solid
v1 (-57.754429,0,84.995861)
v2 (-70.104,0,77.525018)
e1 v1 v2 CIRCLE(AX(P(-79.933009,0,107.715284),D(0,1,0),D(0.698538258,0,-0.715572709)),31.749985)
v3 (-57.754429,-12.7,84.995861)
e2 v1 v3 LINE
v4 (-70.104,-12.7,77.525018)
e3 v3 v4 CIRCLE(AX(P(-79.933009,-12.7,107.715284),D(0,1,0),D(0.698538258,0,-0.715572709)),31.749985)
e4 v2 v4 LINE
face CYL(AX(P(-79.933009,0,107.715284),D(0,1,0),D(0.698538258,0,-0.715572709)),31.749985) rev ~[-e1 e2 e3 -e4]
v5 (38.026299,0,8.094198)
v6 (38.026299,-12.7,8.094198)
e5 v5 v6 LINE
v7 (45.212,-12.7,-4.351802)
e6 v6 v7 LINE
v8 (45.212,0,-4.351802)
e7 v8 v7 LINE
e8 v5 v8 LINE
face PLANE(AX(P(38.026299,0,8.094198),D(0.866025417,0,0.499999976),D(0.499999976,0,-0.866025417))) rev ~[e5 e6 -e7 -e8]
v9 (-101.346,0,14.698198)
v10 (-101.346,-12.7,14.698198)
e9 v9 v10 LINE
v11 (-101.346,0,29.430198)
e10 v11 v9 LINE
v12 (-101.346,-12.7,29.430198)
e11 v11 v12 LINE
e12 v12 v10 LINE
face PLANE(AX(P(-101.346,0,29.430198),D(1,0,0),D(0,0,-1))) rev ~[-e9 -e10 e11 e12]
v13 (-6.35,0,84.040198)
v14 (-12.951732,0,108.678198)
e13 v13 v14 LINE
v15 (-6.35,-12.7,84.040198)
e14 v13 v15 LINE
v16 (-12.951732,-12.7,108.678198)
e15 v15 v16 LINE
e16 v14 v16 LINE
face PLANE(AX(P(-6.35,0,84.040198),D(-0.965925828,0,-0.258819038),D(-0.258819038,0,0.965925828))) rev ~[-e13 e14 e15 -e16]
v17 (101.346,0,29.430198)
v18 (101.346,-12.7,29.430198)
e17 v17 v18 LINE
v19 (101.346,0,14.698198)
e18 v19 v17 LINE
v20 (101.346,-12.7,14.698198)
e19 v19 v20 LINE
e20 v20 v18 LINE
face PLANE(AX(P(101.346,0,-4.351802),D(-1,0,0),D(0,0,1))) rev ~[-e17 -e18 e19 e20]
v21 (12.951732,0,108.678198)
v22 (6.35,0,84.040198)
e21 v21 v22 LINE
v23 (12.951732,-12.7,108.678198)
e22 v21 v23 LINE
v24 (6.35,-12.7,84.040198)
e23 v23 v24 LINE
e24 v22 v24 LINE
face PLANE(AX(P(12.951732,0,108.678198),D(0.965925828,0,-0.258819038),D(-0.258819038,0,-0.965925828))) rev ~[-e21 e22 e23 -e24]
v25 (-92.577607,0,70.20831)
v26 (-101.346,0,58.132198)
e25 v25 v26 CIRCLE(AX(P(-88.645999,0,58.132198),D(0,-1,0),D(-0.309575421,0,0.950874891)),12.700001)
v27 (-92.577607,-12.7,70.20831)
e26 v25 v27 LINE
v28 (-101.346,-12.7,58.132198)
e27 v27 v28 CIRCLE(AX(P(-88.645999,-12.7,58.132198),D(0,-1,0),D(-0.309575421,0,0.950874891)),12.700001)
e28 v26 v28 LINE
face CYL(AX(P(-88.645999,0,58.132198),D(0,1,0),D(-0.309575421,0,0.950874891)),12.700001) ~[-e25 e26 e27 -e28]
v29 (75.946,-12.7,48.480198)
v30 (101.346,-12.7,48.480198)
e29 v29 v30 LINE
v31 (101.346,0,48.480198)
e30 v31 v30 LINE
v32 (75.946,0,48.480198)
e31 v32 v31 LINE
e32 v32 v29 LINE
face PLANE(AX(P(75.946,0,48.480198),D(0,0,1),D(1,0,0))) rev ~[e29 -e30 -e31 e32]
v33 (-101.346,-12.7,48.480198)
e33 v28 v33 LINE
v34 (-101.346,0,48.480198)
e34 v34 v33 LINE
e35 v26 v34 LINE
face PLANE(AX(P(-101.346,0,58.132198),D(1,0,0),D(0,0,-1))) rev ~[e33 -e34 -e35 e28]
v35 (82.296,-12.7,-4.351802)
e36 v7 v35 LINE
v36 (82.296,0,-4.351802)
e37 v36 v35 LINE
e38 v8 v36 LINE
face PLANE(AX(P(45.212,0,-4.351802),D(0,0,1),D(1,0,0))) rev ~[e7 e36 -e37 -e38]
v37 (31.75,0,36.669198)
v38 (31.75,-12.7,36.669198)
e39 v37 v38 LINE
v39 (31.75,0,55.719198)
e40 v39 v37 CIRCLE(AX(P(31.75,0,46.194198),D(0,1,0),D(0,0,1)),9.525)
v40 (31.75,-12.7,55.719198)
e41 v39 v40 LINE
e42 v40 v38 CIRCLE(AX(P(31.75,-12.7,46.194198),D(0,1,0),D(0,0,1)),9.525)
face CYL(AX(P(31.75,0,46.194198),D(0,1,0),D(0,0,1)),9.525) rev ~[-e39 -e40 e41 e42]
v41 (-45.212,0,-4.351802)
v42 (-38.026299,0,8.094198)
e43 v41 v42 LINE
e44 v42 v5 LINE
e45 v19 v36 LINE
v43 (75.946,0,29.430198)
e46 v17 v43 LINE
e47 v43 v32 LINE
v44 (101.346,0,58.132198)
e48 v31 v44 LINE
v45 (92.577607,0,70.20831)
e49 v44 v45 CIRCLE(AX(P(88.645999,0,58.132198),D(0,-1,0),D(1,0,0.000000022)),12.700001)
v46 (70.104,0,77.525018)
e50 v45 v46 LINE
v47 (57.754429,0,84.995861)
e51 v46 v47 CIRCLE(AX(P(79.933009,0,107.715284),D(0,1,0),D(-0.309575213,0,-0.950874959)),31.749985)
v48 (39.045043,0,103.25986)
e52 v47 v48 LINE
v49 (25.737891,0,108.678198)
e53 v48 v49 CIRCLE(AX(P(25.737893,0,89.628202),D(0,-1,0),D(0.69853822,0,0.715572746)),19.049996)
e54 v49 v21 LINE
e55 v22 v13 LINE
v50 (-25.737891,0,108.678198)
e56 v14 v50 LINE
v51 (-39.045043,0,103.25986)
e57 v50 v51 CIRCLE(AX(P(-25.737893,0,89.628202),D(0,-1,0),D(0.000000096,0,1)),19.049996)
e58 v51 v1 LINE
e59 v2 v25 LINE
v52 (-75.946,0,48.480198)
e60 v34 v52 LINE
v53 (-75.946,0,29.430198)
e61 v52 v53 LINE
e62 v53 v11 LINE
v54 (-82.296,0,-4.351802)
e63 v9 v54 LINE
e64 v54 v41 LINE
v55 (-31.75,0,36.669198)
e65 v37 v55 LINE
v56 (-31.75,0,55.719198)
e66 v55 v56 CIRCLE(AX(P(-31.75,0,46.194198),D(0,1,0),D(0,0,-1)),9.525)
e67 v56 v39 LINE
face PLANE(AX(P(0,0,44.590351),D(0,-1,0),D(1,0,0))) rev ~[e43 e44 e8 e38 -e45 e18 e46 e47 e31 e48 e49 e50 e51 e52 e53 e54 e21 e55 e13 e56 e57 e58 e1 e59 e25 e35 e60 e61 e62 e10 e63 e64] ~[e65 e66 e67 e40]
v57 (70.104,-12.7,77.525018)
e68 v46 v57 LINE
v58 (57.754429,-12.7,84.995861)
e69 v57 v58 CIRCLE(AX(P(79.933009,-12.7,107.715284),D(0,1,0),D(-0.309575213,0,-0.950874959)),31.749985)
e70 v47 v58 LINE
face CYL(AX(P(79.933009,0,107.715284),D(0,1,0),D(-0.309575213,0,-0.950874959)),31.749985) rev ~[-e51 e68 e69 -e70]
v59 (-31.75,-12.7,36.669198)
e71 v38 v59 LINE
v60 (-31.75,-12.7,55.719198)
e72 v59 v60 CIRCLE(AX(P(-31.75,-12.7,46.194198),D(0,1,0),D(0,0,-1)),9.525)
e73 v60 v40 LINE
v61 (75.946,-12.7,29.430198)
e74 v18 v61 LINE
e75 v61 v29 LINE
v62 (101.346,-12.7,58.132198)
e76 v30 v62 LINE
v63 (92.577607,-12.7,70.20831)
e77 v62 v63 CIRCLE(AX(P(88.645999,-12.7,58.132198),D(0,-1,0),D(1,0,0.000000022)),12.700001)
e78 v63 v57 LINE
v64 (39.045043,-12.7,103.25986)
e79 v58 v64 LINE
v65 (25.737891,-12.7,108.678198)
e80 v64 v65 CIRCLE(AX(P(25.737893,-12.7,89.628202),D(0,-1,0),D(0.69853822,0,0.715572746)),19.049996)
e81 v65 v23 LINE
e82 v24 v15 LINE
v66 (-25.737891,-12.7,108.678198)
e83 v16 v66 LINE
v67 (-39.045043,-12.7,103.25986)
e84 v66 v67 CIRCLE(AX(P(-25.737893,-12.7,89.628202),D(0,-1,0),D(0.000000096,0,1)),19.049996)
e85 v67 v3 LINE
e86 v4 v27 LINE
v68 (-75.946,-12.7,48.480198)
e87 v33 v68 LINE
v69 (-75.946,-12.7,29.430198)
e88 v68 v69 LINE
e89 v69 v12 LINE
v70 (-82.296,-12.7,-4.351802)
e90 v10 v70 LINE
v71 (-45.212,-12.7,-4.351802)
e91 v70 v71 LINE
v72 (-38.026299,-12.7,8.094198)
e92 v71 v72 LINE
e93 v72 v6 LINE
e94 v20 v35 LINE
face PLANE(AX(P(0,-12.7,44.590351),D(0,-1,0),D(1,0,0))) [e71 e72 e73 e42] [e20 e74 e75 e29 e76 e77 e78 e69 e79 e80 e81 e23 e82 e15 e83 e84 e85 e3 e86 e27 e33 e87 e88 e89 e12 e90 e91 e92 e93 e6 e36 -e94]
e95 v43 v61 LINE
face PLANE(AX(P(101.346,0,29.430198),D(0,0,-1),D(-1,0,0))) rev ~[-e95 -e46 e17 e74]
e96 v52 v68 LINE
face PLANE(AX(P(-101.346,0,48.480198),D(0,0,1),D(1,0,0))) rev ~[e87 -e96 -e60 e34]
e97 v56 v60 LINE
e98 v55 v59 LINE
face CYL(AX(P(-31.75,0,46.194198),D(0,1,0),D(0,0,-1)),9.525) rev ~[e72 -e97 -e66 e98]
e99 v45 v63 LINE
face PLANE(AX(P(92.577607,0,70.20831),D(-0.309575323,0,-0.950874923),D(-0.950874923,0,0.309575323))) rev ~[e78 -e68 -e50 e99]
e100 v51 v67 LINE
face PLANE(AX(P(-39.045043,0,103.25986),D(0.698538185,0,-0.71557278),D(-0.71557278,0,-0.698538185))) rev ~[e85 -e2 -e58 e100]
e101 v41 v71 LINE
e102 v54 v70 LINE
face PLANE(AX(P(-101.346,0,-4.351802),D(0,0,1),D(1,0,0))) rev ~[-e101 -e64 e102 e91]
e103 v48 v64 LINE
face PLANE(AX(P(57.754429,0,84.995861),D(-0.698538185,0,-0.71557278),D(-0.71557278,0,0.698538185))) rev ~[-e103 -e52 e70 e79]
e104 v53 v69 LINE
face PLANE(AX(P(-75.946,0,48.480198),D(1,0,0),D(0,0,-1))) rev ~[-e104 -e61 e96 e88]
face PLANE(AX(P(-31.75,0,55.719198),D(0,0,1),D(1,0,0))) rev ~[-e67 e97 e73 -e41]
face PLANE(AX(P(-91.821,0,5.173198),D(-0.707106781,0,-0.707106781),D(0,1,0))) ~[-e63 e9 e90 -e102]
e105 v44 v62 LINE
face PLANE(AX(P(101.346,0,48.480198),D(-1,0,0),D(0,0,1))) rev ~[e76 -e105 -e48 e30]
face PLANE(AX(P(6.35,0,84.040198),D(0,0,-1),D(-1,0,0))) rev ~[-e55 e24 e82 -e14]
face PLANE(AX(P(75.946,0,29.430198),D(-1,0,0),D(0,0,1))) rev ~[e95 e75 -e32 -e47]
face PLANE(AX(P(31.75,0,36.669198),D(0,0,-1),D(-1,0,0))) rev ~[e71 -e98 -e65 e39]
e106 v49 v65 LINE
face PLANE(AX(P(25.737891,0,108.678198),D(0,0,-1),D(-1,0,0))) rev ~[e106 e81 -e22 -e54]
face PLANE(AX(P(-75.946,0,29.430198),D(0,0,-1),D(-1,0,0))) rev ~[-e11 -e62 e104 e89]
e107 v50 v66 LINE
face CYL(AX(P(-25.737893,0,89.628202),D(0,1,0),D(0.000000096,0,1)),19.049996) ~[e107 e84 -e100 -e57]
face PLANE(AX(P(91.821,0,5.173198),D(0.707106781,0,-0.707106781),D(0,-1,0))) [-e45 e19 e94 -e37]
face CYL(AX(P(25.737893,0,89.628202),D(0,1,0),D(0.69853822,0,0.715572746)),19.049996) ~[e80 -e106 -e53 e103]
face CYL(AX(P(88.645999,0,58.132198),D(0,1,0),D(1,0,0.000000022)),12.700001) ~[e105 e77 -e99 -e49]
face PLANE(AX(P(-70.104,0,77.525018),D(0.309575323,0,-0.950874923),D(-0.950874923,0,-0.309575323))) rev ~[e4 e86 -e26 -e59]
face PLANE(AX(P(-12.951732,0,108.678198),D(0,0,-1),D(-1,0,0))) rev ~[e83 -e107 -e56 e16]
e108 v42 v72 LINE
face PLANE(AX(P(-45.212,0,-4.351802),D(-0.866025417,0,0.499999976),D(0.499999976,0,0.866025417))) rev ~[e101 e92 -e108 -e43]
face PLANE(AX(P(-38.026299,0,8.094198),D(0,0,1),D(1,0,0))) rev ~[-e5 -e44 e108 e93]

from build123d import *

# Parameters (mm, degrees)
F1_DEPTH = 12.7
F2_SIZE  = 19.05


with BuildPart() as f1:
    # F0 (on Front) → F1 (new body)
    with BuildSketch(Plane.XZ):
        with BuildLine():
            Line((12.951732, 108.678198), (6.35, 84.040198))
            Line((6.35, 84.040198), (-6.35, 84.040198))
            Line((-6.35, 84.040198), (-12.951732, 108.678198))
            Line((-12.951732, 108.678198), (-25.737891, 108.678198))
            ThreePointArc((-25.737891, 108.678198), (-32.921878, 107.271691), (-39.045043, 103.25986))
            Line((-39.045043, 103.25986), (-57.754429, 84.995861))
            ThreePointArc((-57.754429, 84.995861), (-63.499056, 80.549372), (-70.104, 77.525018))
            Line((-70.104, 77.525018), (-92.577607, 70.20831))
            ThreePointArc((-92.577607, 70.20831), (-98.922707, 65.594054), (-101.346, 58.132198))
            Line((-101.346, 58.132198), (-101.346, 48.480198))
            Line((-101.346, 48.480198), (-75.946, 48.480198))
            Line((-75.946, 48.480198), (-75.946, 29.430198))
            Line((-75.946, 29.430198), (-101.346, 29.430198))
            Line((-101.346, 29.430198), (-101.346, -4.351802))
            Line((-101.346, -4.351802), (-45.212, -4.351802))
            Line((-45.212, -4.351802), (-38.026299, 8.094198))
            Line((-38.026299, 8.094198), (0, 8.094198))
            Line((0, 8.094198), (38.026299, 8.094198))
            Line((38.026299, 8.094198), (45.212, -4.351802))
            Line((45.212, -4.351802), (101.346, -4.351802))
            Line((101.346, -4.351802), (101.346, 29.430198))
            Line((101.346, 29.430198), (75.946, 29.430198))
            Line((75.946, 29.430198), (75.946, 48.480198))
            Line((75.946, 48.480198), (101.346, 48.480198))
            Line((101.346, 48.480198), (101.346, 58.132198))
            ThreePointArc((101.346, 58.132198), (98.922707, 65.594054), (92.577607, 70.20831))
            Line((92.577607, 70.20831), (70.104, 77.525018))
            ThreePointArc((70.104, 77.525018), (63.499056, 80.549372), (57.754429, 84.995861))
            Line((57.754429, 84.995861), (39.045043, 103.25986))
            ThreePointArc((39.045043, 103.25986), (32.921878, 107.271691), (25.737891, 108.678198))
            Line((25.737891, 108.678198), (12.951732, 108.678198))
        make_face()
        with BuildLine():
            ThreePointArc((-31.75, 36.669198), (-41.275, 46.194198), (-31.75, 55.719198))
            Line((-31.75, 55.719198), (31.75, 55.719198))
            ThreePointArc((31.75, 55.719198), (41.275, 46.194198), (31.75, 36.669198))
            Line((31.75, 36.669198), (-31.75, 36.669198))
        make_face(mode=Mode.SUBTRACT)
    extrude(amount=F1_DEPTH)

    # F2
    f2_edges = [f1.edges().sort_by_distance(p)[0] for p in [
        (-101.346, -6.35, -4.351802),
        (101.346, -6.35, -4.351802),
    ]]
    chamfer(f2_edges, length=F2_SIZE)


solid = f1.part
